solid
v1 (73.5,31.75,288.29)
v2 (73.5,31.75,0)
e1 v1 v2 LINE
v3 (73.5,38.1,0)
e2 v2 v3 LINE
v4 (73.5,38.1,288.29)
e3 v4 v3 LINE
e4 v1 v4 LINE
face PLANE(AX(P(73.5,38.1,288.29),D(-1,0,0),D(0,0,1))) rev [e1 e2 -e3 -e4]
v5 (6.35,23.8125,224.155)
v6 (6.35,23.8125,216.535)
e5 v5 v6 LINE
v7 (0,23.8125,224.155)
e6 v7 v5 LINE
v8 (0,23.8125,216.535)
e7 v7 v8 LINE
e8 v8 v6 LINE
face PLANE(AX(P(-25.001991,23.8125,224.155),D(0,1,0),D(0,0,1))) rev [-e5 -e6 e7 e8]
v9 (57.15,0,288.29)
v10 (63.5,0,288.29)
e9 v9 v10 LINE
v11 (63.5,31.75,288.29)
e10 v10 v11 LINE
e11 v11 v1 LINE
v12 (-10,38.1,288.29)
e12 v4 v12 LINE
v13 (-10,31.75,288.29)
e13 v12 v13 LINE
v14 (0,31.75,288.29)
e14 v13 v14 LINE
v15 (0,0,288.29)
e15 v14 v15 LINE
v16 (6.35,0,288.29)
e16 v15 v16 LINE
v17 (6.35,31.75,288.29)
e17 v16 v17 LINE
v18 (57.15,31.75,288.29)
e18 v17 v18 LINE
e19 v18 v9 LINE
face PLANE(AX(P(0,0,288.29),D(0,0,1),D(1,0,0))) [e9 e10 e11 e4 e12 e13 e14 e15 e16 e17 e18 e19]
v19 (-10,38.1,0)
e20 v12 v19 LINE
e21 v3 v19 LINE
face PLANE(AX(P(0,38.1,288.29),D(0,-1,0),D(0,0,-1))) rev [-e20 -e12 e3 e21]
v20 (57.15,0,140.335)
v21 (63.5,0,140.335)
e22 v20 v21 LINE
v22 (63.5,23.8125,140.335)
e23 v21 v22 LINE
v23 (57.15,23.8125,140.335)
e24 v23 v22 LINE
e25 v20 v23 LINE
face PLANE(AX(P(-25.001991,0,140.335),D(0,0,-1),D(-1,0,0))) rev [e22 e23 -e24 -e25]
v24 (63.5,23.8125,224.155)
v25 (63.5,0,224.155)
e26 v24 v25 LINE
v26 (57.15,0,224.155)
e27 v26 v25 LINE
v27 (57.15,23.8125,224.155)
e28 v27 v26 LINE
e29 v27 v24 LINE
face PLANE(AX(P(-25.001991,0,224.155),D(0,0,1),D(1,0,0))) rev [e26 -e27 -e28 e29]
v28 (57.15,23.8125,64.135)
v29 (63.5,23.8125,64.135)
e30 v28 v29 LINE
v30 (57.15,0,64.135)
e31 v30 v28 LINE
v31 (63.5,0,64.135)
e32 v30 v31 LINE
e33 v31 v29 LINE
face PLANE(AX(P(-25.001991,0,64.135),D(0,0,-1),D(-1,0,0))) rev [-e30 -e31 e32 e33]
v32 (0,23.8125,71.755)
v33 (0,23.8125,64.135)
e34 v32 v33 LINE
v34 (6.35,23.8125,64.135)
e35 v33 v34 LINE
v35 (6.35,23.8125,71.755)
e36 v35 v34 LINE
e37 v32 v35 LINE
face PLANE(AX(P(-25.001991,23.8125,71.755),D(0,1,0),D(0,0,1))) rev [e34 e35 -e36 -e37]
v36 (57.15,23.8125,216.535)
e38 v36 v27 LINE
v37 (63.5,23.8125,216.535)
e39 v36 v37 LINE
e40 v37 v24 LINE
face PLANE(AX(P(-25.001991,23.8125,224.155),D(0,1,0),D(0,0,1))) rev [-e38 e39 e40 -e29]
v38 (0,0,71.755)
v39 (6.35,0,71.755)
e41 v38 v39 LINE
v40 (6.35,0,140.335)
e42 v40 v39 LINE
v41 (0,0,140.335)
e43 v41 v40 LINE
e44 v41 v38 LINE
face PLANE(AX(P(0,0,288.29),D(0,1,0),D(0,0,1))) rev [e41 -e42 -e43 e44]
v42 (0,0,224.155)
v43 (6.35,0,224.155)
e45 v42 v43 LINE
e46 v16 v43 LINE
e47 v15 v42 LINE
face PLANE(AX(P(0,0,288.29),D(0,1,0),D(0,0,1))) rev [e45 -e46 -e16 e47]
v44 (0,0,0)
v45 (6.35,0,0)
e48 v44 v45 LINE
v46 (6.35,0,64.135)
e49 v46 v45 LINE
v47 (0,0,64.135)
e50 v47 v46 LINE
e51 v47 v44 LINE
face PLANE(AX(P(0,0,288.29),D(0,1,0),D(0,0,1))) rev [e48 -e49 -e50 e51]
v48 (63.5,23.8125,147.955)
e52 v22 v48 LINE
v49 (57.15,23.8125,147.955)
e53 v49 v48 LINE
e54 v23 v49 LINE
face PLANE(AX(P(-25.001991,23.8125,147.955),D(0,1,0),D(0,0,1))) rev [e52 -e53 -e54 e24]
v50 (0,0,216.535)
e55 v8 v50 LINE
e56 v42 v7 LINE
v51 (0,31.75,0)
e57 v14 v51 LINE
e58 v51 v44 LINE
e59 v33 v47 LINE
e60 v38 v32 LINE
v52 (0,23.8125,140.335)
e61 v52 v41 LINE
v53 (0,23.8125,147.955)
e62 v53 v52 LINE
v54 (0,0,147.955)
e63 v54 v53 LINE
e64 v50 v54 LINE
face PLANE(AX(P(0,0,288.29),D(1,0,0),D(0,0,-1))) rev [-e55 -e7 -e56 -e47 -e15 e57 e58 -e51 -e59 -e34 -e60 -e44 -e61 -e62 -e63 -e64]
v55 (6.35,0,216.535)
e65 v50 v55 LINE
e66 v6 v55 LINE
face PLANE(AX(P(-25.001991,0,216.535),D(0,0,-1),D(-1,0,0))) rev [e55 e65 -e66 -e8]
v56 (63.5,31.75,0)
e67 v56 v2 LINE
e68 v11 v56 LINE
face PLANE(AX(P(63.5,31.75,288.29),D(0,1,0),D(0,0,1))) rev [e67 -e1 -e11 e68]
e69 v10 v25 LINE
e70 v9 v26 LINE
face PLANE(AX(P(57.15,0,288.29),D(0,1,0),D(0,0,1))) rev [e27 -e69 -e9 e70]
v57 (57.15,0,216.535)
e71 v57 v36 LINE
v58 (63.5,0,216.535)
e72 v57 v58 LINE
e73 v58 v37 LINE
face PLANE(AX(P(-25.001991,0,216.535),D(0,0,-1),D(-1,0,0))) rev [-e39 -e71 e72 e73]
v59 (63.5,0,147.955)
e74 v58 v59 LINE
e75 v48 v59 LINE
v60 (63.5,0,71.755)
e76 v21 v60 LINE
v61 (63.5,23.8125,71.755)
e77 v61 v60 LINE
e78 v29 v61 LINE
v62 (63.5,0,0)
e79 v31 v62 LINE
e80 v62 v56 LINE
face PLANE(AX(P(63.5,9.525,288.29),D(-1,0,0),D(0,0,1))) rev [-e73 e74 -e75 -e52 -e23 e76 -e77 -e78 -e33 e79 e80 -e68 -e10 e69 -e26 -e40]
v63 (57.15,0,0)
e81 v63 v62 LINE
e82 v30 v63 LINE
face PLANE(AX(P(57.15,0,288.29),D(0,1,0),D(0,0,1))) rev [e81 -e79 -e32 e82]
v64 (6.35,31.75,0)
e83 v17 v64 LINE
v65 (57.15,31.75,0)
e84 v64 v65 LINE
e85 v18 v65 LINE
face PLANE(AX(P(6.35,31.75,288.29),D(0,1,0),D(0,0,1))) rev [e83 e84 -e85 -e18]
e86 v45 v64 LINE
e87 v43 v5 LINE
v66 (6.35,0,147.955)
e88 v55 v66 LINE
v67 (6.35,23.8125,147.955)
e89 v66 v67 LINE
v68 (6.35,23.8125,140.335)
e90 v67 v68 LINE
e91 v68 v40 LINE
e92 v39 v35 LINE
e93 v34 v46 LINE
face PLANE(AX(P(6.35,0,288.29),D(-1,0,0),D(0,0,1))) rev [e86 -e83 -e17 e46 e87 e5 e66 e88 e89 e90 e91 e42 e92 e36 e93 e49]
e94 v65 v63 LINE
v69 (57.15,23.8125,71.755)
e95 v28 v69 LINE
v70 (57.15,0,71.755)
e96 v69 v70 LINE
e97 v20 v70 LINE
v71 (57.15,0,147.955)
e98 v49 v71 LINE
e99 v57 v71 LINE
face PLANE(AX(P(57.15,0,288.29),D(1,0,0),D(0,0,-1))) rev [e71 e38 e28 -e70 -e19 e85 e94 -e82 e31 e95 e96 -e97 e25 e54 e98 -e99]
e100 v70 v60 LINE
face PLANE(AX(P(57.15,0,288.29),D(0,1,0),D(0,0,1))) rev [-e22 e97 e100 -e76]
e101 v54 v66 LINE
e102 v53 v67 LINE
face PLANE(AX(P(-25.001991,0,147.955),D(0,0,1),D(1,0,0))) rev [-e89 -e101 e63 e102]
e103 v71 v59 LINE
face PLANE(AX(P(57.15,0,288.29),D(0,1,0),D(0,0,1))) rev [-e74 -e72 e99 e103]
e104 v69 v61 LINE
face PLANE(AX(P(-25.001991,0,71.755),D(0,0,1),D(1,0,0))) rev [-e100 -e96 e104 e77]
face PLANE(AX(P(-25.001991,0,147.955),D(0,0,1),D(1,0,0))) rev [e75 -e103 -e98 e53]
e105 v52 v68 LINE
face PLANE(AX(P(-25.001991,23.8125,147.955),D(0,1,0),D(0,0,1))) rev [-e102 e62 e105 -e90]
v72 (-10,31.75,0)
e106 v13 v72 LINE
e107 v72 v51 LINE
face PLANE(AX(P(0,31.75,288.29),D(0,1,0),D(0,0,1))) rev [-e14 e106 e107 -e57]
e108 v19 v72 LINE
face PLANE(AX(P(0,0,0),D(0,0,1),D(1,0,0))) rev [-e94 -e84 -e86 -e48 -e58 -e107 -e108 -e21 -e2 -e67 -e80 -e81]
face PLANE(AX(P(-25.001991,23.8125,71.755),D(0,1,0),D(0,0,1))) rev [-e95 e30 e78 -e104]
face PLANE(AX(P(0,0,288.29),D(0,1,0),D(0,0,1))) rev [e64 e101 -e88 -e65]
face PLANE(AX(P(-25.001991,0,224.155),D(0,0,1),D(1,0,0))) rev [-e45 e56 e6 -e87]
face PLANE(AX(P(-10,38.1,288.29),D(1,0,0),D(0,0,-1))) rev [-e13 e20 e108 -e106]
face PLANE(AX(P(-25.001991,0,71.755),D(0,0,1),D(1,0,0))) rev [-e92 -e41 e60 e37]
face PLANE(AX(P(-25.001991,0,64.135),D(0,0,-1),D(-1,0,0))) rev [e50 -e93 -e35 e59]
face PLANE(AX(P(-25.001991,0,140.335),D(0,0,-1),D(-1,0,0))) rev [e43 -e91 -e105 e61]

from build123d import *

# Parameters (mm, degrees)
BOSS_EXTRUDE1_DEPTH = 288.29
CUT_EXTRUDE2_REACH  = 301.942
SKETCH4_W           = 7.62
SKETCH4_H           = 23.8125
LPATTERN1_COUNT     = 3
LPATTERN1_PITCH     = 76.2


with BuildPart() as part:
    # Sketch1 → Boss-Extrude1 (new body)
    with BuildSketch(Plane.XY):
        Polygon((57.15, 0), (57.15, 31.75), (6.35, 31.75), (6.35, 0), (0, 0), (0, 31.75), (-10, 31.75), (-10, 38.1), (0, 38.1), (63.5, 38.1), (73.5, 38.1), (73.5, 31.75), (63.5, 31.75), (63.5, 9.525), (63.5, 0), align=None)
    extrude(amount=BOSS_EXTRUDE1_DEPTH)

    # Cut-Extrude2: up to this face of the body (flat: up to its plane)
    cut_extrude2_end = Plane(part.part.faces().sort_by_distance((0, 15.875, 144.145))[0])
    # Sketch4 → Cut-Extrude2 (cut, up to the picked face)
    with BuildSketch(Plane(origin=(63.5, 0, 0), x_dir=(0, 0, -1), z_dir=(1, 0, 0)), mode=Mode.PRIVATE) as cut_extrude2_sk1:
        with Locations((-220.345, 11.90625)):
            Rectangle(SKETCH4_W, SKETCH4_H)
    cut_extrude2_tool1 = split(extrude(cut_extrude2_sk1.sketch, amount=-CUT_EXTRUDE2_REACH, mode=Mode.PRIVATE), bisect_by=cut_extrude2_end, keep=Keep.BOTH, mode=Mode.PRIVATE)
    cut_extrude2 = cut_extrude2_tool1.solids().sort_by(Axis((63.5, 11.90625, 220.345), (-1, 0, 0)))[0]
    add(cut_extrude2, mode=Mode.SUBTRACT)

    # LPattern1: Cut-Extrude2 ×3
    with Locations(*[(0, 0, -i * LPATTERN1_PITCH) for i in range(1, LPATTERN1_COUNT)]):
        add(cut_extrude2, mode=Mode.SUBTRACT)


solid = part.part
